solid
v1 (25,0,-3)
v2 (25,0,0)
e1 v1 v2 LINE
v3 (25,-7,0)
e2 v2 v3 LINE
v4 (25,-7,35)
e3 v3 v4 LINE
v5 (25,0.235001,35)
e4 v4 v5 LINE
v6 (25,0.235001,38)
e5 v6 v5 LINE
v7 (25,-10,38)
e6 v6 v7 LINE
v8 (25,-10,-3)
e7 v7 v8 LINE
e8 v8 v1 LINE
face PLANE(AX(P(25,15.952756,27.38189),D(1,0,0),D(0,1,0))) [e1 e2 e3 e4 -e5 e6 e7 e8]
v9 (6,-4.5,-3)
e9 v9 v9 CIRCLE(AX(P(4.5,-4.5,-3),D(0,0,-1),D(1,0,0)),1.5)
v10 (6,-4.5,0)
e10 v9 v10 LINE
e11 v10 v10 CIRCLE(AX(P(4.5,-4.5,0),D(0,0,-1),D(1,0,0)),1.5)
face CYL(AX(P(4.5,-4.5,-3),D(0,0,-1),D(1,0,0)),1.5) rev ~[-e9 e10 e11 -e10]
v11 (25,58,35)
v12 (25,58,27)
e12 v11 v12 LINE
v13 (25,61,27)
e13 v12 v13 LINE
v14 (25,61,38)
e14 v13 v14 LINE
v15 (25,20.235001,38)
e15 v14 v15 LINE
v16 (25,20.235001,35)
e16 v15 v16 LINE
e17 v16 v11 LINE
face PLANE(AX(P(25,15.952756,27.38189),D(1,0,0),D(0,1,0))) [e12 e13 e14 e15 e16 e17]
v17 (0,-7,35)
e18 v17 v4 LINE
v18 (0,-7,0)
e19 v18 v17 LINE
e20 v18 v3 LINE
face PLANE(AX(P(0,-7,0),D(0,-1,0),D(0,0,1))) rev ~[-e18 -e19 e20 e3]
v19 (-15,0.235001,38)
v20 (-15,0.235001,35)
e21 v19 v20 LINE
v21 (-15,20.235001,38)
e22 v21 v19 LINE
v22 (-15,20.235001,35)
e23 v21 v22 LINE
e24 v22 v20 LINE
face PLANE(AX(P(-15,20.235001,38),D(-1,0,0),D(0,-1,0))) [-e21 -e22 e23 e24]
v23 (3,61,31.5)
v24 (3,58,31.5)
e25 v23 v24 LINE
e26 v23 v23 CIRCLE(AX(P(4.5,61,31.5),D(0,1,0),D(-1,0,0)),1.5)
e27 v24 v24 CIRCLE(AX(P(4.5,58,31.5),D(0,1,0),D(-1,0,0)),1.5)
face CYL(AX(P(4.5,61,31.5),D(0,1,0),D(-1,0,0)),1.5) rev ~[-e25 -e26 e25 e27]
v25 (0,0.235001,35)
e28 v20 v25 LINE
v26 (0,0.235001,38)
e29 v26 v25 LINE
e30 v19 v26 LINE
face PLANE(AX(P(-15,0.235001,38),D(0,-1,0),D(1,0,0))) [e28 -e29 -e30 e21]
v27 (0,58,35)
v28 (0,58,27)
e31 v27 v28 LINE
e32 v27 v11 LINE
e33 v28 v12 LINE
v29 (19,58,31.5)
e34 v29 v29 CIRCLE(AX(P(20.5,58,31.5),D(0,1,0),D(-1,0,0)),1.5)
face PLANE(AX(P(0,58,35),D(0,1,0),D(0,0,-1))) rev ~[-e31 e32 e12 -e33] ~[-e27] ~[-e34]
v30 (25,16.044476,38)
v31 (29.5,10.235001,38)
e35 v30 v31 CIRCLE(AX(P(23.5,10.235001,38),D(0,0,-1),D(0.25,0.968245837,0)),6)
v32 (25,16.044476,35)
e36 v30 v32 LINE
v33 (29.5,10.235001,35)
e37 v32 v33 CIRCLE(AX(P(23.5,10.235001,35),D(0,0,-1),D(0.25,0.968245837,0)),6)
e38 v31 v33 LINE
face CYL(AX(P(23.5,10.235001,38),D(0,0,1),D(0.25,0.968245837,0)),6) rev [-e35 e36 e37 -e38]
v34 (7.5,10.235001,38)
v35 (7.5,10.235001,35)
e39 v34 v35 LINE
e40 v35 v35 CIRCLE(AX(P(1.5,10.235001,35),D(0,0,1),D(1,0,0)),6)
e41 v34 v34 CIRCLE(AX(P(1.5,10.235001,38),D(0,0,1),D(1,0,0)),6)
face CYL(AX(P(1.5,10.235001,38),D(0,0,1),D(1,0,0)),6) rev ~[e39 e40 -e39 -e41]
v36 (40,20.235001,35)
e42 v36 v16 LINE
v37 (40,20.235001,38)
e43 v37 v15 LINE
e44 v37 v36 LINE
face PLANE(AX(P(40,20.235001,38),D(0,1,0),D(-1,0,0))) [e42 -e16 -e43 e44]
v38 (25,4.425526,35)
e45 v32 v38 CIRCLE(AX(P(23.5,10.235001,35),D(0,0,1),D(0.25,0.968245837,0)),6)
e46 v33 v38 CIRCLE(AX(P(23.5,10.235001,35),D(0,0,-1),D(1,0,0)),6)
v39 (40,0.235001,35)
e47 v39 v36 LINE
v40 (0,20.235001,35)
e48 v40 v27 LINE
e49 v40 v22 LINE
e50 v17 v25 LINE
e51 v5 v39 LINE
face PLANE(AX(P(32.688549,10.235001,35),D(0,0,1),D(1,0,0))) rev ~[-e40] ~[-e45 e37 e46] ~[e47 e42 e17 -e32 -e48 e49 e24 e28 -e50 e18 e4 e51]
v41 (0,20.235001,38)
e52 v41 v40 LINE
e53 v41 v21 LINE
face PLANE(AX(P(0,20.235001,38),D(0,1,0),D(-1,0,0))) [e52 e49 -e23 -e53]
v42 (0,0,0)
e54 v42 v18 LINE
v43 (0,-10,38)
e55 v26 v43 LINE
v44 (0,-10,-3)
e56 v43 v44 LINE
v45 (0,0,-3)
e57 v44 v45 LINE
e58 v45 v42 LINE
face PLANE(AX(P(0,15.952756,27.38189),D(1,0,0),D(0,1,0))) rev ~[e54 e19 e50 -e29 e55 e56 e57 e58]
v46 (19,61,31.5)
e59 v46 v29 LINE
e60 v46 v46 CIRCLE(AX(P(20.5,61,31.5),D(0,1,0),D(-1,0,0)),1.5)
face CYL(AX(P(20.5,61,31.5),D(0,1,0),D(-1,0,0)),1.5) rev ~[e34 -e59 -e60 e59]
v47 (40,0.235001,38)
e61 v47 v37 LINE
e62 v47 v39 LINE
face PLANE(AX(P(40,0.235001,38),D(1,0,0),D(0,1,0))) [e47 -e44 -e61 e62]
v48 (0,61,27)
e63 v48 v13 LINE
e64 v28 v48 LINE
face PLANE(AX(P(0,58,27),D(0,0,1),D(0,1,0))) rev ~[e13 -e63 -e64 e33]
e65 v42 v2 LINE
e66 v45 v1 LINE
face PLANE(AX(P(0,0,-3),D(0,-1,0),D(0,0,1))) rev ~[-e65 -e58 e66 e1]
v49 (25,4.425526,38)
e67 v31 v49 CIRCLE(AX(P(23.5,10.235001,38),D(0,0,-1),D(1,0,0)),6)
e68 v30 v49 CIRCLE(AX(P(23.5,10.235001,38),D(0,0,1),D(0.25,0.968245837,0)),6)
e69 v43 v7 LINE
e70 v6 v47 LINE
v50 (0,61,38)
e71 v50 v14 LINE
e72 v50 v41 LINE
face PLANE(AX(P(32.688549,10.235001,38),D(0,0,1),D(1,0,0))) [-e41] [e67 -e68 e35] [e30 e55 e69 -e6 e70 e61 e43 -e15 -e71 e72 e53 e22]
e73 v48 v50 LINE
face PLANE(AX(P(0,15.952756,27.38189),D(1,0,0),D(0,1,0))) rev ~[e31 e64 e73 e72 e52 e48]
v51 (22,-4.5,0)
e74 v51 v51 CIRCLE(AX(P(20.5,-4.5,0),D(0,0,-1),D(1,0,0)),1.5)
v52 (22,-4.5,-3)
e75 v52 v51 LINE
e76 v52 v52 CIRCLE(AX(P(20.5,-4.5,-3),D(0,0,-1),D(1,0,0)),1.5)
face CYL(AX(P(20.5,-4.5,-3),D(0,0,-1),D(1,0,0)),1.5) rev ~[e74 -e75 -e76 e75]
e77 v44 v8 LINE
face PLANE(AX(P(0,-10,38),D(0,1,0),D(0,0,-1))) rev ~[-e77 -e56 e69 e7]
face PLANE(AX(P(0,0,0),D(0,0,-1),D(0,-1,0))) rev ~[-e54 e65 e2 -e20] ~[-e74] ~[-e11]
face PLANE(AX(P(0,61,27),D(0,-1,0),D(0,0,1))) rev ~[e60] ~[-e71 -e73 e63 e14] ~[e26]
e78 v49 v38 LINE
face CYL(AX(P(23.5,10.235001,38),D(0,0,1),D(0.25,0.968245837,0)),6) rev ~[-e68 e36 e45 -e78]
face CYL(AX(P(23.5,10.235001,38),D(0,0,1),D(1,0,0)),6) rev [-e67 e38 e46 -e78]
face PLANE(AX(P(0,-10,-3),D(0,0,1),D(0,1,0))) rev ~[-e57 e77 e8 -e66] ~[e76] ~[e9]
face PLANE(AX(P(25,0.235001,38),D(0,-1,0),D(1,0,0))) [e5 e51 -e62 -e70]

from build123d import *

# Parameters (mm, degrees)
F1_DEPTH = 25
F2_R     = 1.5
F3_DEPTH = 3
F4_R     = 1.5
F5_DEPTH = 3
F7_DEPTH = 3
F8_R     = 6
F9_DEPTH = 3


with BuildPart() as f1:
    # F0 (on Right) → F1 (new body)
    with BuildSketch(Plane.YZ):
        Polygon((0, -3), (0, 0), (-7, 0), (-7, 35), (58, 35), (58, 27), (61, 27), (61, 38), (-10, 38), (-10, -3), align=None)
    extrude(amount=F1_DEPTH)

    # F2 (on face) → F3 (cut)
    with BuildSketch(Plane(origin=(0, 0, -3), x_dir=(1, 0, 0), z_dir=(0, 0, -1))):
        with Locations((20.5, 4.5)):
            Circle(F2_R)
        with Locations((4.5, 4.5)):
            Circle(F2_R)
    extrude(amount=-F3_DEPTH, mode=Mode.SUBTRACT)

    # F4 (on face) → F5 (cut)
    with BuildSketch(Plane(origin=(0, 61, 0), x_dir=(-1, 0, 0), z_dir=(0, 1, 0))):
        with Locations((-20.5, 31.5)):
            Circle(F4_R)
        with Locations((-4.5, 31.5)):
            Circle(F4_R)
    extrude(amount=-F5_DEPTH, mode=Mode.SUBTRACT)

    # F6 (on face) → F7 (join)
    with BuildSketch(Plane.XY.offset(38)):
        with BuildLine():
            Line((0, 16.0444763524), (0, 20.2350013331))
            Line((0, 20.2350013331), (-15, 20.2350013331))
            Line((-15, 20.2350013331), (-15, 0.2350013331))
            Line((-15, 0.2350013331), (0, 0.2350013331))
            Line((0, 0.2350013331), (0, 4.4255263137))
            ThreePointArc((0, 4.4255263137), (-4.5, 10.2350013331), (0, 16.0444763524))
        make_face()
        with BuildLine():
            Line((0, 13.9431005766), (0, 16.0444763524))
            ThreePointArc((0, 16.0444763524), (-4.5, 10.2350013331), (0, 4.4255263137))
            Line((0, 4.4255263137), (0, 6.5269020895))
            ThreePointArc((0, 6.5269020895), (-2.5, 10.2350013331), (0, 13.9431005766))
        make_face()
        with BuildLine():
            Line((40, 20.2350013331), (25, 20.2350013331))
            Line((25, 20.2350013331), (25, 16.0444763524))
            ThreePointArc((25, 16.0444763524), (28.2434164903, 13.9092359472), (29.5, 10.2350013331))
            ThreePointArc((29.5, 10.2350013331), (28.2434164903, 6.5607667189), (25, 4.4255263137))
            Line((25, 4.4255263137), (25, 0.2350013331))
            Line((25, 0.2350013331), (40, 0.2350013331))
            Line((40, 0.2350013331), (40, 20.2350013331))
        make_face()
        with BuildLine():
            Line((25, 13.9431005766), (25, 16.0444763524))
            ThreePointArc((25, 16.0444763524), (17.5, 10.2350013331), (25, 4.4255263137))
            Line((25, 4.4255263137), (25, 6.5269020895))
            ThreePointArc((25, 6.5269020895), (19.5, 10.2350013331), (25, 13.9431005766))
        make_face()
        with BuildLine():
            Line((25, 6.5269020895), (25, 13.9431005766))
            ThreePointArc((25, 13.9431005766), (19.5, 10.2350013331), (25, 6.5269020895))
        make_face()
    extrude(amount=-F7_DEPTH)

    # F8 (on face) → F9 (cut)
    with BuildSketch(Plane.XY.offset(38)):
        with Locations((1.5, 10.2350013331)):
            Circle(F8_R)
        with BuildLine():
            ThreePointArc((0, 6.5269020895), (-2.5, 10.2350013331), (0, 13.9431005766))
            Line((0, 13.9431005766), (0, 6.5269020895))
        make_face(mode=Mode.SUBTRACT)
        with BuildLine():
            Line((25, 4.4255263137), (25, 16.0444763524))
            ThreePointArc((25, 16.0444763524), (17.5, 10.2350013331), (25, 4.4255263137))
        make_face()
        with BuildLine():
            ThreePointArc((25, 4.4255263137), (28.2434164903, 6.5607667189), (29.5, 10.2350013331))
            ThreePointArc((29.5, 10.2350013331), (28.2434164903, 13.9092359472), (25, 16.0444763524))
            Line((25, 16.0444763524), (25, 4.4255263137))
        make_face()
    extrude(amount=-F9_DEPTH, mode=Mode.SUBTRACT)


solid = f1.part
